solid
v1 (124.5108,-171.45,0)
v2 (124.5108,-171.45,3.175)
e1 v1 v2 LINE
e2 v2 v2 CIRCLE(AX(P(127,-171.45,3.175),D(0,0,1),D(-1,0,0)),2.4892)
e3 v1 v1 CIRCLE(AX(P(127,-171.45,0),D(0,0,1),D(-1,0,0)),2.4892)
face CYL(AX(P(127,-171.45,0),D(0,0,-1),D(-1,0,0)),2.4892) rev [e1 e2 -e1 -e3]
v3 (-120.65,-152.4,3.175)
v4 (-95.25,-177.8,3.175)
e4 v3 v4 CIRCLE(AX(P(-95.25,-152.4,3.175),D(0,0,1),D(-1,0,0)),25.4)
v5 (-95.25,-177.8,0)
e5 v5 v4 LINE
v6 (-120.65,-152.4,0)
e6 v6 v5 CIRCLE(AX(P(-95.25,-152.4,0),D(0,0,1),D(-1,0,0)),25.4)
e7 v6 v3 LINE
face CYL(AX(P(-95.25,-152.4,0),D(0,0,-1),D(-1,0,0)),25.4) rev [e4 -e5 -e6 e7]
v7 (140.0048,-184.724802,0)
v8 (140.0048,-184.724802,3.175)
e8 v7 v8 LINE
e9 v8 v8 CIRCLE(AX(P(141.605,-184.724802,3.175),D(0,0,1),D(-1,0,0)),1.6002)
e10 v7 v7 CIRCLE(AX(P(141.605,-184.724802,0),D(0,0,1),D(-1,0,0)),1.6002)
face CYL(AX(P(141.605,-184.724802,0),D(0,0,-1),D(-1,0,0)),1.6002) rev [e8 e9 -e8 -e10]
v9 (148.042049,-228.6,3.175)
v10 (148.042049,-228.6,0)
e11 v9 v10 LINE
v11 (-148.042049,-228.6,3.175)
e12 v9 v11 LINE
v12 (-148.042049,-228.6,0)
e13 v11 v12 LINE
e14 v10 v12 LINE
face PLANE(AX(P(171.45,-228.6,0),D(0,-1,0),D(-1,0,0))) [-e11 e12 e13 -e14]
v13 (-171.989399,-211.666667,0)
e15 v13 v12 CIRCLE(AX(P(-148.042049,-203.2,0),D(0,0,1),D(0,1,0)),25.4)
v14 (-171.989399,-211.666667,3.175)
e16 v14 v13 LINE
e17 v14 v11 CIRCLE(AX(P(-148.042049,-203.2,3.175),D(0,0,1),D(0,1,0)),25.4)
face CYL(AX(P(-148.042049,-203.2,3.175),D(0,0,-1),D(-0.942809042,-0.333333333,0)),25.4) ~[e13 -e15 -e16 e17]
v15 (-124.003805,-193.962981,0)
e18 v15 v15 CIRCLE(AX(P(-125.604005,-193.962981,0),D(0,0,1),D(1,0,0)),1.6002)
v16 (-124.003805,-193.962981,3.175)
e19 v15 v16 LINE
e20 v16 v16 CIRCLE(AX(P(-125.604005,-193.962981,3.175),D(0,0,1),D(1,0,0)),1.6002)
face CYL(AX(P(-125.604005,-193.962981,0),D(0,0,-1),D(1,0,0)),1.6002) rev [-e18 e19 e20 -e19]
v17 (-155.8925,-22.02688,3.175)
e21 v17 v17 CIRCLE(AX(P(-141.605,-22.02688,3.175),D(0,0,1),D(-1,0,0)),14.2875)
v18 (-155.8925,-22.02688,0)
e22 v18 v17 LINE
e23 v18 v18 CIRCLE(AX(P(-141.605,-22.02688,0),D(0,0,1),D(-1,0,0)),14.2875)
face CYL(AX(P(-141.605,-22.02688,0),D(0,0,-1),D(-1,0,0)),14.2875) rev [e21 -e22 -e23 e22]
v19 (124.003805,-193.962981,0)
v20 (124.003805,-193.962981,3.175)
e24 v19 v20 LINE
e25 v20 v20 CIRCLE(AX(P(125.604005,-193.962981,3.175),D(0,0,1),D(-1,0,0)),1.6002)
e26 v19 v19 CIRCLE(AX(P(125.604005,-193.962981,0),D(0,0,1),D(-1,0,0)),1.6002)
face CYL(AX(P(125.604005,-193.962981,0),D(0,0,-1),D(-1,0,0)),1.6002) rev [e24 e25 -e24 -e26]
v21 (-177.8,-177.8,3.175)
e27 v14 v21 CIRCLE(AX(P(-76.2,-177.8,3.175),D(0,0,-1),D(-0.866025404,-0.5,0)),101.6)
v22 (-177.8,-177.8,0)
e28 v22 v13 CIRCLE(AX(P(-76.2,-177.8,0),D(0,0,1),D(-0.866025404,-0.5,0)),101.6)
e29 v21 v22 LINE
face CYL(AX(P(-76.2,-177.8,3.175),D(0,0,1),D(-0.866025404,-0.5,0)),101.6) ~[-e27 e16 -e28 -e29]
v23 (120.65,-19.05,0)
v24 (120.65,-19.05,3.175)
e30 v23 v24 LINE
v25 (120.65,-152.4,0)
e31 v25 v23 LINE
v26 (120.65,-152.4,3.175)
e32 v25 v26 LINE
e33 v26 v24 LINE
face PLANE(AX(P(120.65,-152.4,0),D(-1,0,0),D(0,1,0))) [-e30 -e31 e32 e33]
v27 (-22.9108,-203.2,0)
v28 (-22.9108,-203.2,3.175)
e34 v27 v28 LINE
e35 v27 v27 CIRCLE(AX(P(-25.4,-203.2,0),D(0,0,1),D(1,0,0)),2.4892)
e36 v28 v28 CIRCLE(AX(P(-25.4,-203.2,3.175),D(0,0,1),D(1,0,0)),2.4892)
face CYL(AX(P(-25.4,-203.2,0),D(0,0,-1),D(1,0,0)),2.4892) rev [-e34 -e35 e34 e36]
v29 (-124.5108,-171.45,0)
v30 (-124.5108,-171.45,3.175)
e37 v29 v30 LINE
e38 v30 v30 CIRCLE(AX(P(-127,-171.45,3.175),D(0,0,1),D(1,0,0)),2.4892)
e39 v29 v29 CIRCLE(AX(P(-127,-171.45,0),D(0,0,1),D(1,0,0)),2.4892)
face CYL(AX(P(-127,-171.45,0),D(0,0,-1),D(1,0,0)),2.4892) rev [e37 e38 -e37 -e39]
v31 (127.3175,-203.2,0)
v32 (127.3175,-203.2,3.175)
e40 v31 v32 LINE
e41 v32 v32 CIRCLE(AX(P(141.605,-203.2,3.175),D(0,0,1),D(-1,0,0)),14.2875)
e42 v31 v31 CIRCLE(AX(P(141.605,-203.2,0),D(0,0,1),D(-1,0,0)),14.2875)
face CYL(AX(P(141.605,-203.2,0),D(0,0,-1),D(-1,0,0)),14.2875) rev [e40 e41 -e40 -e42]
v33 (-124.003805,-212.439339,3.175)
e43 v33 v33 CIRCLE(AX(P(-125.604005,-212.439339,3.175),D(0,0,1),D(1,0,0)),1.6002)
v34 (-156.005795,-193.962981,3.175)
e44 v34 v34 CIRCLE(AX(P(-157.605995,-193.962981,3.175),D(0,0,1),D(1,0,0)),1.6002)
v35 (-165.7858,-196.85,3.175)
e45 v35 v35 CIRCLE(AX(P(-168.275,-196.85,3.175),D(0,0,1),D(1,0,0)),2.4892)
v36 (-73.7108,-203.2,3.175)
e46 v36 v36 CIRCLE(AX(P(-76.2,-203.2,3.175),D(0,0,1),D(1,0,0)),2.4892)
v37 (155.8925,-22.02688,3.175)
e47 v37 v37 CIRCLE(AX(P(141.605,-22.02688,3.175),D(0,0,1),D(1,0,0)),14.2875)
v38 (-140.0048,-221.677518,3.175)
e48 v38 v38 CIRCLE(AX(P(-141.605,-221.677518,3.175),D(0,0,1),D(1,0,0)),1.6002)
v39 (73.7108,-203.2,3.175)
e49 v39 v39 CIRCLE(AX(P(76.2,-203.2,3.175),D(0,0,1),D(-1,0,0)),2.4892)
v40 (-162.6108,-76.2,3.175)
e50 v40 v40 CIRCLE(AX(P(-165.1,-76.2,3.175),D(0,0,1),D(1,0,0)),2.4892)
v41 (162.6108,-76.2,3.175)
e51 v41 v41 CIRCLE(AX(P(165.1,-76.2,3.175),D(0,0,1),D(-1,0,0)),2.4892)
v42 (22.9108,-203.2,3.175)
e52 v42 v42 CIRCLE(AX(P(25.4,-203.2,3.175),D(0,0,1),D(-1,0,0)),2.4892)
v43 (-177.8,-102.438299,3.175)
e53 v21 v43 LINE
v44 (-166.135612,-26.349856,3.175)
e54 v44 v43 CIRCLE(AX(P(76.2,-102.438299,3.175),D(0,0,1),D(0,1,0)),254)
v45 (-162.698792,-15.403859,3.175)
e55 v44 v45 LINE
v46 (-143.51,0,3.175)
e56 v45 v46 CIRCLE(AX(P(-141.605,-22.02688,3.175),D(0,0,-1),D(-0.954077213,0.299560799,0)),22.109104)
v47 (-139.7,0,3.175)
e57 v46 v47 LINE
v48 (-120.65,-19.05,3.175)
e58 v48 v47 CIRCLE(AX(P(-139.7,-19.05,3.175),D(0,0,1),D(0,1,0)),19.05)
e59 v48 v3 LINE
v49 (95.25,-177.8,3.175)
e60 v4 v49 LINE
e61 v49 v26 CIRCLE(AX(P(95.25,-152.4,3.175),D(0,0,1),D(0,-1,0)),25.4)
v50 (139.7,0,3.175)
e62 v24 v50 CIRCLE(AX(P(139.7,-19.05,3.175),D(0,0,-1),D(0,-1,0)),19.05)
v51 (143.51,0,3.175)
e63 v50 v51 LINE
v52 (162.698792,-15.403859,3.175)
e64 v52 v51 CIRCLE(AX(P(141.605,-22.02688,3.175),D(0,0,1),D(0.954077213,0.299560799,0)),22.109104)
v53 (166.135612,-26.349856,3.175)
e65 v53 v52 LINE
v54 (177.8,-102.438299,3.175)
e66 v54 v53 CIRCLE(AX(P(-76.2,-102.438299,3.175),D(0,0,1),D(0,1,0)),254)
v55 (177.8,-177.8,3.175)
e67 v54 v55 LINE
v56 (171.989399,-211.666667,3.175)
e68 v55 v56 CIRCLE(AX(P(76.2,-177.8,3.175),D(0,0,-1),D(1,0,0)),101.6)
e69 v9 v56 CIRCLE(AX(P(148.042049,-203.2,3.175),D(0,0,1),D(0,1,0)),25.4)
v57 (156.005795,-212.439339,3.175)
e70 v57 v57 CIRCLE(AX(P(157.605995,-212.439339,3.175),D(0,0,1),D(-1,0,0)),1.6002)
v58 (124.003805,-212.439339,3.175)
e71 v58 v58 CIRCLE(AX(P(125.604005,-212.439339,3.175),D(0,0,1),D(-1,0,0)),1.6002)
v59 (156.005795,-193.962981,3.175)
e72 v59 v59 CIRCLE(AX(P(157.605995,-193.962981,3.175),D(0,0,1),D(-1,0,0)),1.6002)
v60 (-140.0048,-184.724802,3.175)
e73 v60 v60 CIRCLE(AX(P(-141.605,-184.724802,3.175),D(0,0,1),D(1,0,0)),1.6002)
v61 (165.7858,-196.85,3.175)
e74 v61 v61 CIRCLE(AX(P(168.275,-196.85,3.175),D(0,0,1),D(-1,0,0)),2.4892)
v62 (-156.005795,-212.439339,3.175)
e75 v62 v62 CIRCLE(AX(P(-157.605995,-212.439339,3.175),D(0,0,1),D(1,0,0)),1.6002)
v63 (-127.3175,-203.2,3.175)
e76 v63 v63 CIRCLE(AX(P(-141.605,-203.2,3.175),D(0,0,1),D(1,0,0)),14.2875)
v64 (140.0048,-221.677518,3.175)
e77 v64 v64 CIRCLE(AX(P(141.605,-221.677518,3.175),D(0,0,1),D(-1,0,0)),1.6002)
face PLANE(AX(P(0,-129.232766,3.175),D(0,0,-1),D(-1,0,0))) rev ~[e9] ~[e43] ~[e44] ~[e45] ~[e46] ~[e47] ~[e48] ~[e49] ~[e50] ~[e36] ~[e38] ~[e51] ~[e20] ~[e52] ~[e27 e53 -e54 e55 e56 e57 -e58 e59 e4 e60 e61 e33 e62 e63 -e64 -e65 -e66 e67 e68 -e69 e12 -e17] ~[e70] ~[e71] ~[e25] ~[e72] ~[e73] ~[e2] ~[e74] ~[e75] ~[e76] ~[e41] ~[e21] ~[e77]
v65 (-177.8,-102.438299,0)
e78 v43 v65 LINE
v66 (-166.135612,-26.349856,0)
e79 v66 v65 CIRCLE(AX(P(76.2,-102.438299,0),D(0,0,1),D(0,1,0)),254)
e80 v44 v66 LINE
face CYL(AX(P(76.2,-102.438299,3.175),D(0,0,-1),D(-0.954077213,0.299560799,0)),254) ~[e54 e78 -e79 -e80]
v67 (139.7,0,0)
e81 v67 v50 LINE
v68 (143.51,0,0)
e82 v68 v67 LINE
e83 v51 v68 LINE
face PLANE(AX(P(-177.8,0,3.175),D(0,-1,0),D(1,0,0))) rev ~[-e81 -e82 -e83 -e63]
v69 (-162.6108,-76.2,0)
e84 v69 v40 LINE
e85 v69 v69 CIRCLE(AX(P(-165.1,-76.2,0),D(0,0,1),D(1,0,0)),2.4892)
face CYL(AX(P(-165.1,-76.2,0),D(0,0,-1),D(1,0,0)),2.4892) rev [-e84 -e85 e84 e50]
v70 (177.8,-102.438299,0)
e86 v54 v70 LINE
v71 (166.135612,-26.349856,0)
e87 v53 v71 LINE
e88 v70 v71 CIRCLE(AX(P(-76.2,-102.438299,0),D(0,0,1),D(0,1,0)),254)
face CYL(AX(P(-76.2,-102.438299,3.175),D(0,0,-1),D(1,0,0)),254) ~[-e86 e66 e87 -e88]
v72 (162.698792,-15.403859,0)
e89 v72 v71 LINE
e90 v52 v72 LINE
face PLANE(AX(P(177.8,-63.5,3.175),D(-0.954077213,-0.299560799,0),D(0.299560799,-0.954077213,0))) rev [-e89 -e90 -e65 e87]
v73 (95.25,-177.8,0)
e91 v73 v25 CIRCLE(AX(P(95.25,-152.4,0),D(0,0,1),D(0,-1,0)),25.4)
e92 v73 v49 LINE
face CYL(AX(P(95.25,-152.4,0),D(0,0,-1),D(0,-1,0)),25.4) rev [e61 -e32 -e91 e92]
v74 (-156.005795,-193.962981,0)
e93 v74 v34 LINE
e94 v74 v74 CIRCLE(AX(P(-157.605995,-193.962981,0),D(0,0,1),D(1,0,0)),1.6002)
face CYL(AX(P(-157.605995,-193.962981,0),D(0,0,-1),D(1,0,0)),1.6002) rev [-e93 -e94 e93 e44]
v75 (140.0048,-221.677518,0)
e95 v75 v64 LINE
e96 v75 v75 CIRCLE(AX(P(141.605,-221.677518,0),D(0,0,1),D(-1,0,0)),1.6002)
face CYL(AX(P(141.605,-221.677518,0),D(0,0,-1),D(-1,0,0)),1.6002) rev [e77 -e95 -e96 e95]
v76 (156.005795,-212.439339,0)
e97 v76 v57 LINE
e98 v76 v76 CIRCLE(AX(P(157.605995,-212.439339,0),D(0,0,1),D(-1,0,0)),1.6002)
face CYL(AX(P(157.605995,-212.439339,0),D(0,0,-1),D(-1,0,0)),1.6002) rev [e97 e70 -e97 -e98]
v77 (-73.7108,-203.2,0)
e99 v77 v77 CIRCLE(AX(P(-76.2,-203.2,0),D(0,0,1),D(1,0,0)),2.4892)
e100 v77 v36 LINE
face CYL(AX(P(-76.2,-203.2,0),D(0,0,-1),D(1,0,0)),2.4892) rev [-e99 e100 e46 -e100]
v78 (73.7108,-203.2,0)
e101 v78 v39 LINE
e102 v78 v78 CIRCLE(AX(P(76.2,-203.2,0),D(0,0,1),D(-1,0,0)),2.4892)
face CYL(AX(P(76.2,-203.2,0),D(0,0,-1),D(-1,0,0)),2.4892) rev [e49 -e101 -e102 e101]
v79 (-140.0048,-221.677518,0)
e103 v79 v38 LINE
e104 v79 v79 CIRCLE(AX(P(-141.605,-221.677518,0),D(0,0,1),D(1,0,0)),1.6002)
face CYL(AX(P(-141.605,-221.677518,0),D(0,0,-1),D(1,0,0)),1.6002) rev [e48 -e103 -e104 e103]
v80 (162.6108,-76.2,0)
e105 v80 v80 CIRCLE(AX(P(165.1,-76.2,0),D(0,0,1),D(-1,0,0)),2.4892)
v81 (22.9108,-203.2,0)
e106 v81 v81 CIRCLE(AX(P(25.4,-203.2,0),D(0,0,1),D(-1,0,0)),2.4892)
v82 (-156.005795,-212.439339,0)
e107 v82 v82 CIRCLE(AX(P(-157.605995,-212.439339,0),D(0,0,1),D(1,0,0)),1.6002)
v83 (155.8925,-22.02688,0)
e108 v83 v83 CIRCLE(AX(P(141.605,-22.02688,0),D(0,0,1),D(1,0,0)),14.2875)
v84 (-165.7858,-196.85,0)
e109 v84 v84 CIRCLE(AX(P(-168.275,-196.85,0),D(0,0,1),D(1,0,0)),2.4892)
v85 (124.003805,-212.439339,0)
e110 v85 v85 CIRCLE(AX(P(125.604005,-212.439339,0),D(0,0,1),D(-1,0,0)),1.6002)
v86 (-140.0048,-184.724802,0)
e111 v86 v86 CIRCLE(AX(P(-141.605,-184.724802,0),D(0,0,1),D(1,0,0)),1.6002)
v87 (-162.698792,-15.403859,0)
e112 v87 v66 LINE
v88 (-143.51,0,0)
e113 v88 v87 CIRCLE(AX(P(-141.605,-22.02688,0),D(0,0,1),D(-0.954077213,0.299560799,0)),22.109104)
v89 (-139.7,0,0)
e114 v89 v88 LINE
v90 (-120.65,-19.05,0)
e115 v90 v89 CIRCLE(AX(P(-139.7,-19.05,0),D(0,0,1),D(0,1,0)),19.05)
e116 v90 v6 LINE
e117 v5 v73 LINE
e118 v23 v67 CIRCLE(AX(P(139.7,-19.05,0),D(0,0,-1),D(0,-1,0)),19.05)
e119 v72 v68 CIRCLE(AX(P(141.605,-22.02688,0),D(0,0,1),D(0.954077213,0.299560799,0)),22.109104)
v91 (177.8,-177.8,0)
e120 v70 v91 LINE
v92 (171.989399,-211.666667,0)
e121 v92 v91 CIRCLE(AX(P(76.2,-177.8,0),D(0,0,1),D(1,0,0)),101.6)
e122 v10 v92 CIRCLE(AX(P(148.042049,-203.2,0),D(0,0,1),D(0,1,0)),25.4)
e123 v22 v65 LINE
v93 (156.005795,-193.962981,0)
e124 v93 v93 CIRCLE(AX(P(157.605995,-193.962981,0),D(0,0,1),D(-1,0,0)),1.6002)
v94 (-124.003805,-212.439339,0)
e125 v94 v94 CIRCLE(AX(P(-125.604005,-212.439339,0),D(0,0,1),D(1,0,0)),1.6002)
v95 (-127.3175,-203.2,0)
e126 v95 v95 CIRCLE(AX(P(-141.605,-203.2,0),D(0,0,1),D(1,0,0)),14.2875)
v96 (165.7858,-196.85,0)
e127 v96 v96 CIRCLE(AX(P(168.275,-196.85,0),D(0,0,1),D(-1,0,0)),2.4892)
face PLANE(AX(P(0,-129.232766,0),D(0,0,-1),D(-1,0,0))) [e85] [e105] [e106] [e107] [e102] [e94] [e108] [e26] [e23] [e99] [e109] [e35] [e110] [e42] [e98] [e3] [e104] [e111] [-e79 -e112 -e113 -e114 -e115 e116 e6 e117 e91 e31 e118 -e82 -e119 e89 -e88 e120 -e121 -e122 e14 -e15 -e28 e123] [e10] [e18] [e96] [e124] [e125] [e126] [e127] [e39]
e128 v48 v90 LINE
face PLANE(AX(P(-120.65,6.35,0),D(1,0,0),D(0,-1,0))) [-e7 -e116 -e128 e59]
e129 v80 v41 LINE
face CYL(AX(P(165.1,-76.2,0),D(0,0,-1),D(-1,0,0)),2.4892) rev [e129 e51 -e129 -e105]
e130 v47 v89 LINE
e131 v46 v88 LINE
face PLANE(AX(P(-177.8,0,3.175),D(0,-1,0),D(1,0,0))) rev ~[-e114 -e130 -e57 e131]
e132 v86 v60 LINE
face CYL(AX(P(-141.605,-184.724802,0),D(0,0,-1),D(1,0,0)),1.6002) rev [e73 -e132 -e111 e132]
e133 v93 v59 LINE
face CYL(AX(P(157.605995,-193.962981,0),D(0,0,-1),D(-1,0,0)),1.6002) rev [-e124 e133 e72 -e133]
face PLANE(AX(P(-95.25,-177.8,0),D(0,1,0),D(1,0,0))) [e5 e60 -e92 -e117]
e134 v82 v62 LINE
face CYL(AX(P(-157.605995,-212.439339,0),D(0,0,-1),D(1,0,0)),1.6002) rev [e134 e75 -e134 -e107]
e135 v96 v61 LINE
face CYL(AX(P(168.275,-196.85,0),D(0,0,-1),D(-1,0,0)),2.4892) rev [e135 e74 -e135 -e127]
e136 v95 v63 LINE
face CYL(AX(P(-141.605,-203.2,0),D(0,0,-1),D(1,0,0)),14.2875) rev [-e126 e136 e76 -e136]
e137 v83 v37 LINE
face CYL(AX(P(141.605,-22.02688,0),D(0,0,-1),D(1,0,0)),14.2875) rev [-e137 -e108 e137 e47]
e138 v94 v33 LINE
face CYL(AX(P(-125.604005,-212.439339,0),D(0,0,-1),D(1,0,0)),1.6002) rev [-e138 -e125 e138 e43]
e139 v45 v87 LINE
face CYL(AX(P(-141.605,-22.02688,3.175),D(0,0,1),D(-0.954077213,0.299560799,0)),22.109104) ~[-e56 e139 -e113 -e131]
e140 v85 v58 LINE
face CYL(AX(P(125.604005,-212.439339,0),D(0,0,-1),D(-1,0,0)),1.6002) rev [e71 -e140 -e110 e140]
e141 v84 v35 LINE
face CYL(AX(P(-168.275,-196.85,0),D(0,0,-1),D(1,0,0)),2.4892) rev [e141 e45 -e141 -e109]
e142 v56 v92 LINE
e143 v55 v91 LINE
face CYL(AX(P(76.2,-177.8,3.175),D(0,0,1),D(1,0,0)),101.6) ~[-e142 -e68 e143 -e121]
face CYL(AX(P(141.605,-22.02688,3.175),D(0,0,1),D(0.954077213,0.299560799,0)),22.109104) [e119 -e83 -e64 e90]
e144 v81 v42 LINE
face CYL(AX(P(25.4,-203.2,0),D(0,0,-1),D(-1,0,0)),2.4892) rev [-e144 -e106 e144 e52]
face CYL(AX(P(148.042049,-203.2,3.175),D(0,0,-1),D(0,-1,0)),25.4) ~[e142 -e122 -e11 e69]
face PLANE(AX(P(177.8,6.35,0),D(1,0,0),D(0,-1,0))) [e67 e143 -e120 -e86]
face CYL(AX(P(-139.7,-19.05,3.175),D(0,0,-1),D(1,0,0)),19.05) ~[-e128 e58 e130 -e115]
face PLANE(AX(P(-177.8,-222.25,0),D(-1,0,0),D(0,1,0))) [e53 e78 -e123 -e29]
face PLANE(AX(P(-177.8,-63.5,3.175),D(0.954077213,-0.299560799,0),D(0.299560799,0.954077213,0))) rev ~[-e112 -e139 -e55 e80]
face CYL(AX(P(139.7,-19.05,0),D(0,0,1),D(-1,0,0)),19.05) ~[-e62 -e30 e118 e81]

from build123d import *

# Parameters (mm, degrees)
SKETCH1_R           = 14.2875
SKETCH1_R_2         = 1.6002
SKETCH1_R_3         = 2.4892
BOSS_EXTRUDE3_DEPTH = 3.175
SKETCH2_W           = 355.6
SKETCH2_H           = 19.05
CUT_EXTRUDE1_DEPTH  = 290.621961572
FILLET1_R           = 19.05
CUT_EXTRUDE2_DEPTH  = 290.621961572
FILLET2_R           = 254
FILLET3_R           = 254
CUT_EXTRUDE3_DEPTH  = 290.621961572
FILLET4_R           = 25.4


with BuildPart() as part:
    # Sketch1 → Boss-Extrude3 (new body)
    with BuildSketch(Plane.XY):
        with BuildLine():
            Line((120.65, -152.4), (120.65, -6.35))
            Line((120.65, -6.35), (120.65, 6.35))
            ThreePointArc((120.65, 6.35), (124.369743879, 15.330256121), (133.35, 19.05))
            Line((133.35, 19.05), (165.1, 19.05))
            ThreePointArc((165.1, 19.05), (174.080256121, 15.330256121), (177.8, 6.35))
            Line((177.8, 6.35), (177.8, -6.35))
            Line((177.8, -6.35), (177.8, -222.25))
            ThreePointArc((177.8, -222.25), (175.940128061, -226.740128061), (171.45, -228.6))
            Line((171.45, -228.6), (12.7, -228.6))
            Line((12.7, -228.6), (-12.7, -228.6))
            Line((-12.7, -228.6), (-171.45, -228.6))
            ThreePointArc((-171.45, -228.6), (-175.940128061, -226.740128061), (-177.8, -222.25))
            Line((-177.8, -222.25), (-177.8, -6.35))
            Line((-177.8, -6.35), (-177.8, 6.35))
            ThreePointArc((-177.8, 6.35), (-174.080256121, 15.330256121), (-165.1, 19.05))
            Line((-165.1, 19.05), (-133.35, 19.05))
            ThreePointArc((-133.35, 19.05), (-124.369743879, 15.330256121), (-120.65, 6.35))
            Line((-120.65, 6.35), (-120.65, -6.35))
            Line((-120.65, -6.35), (-120.65, -152.4))
            ThreePointArc((-120.65, -152.4), (-113.210512242, -170.360512242), (-95.25, -177.8))
            Line((-95.25, -177.8), (-12.7, -177.8))
            Line((-12.7, -177.8), (12.7, -177.8))
            Line((12.7, -177.8), (95.25, -177.8))
            ThreePointArc((95.25, -177.8), (113.210512242, -170.360512242), (120.65, -152.4))
        make_face()
        with Locations((141.605, -22.02688)):
            Circle(SKETCH1_R, mode=Mode.SUBTRACT)
        with Locations(Location((-141.605, -22.02688, 0), (0, 0, 180))):
            Circle(SKETCH1_R, mode=Mode.SUBTRACT)
        with Locations((-141.605, -203.2)):
            Circle(SKETCH1_R, mode=Mode.SUBTRACT)
        with Locations((-141.605, -184.724802)):
            Circle(SKETCH1_R_2, mode=Mode.SUBTRACT)
        with Locations((-125.604004596, -193.962981004)):
            Circle(SKETCH1_R_2, mode=Mode.SUBTRACT)
        with Locations((-125.604004596, -212.439339011)):
            Circle(SKETCH1_R_2, mode=Mode.SUBTRACT)
        with Locations((-141.605, -221.677518015)):
            Circle(SKETCH1_R_2, mode=Mode.SUBTRACT)
        with Locations((-157.605995404, -212.439339011)):
            Circle(SKETCH1_R_2, mode=Mode.SUBTRACT)
        with Locations((-157.605995404, -193.962981004)):
            Circle(SKETCH1_R_2, mode=Mode.SUBTRACT)
        with Locations(Location((157.605995404, -212.439339011, 0), (0, 0, 180))):
            Circle(SKETCH1_R_2, mode=Mode.SUBTRACT)
        with Locations(Location((157.605995404, -193.962981004, 0), (0, 0, 180))):
            Circle(SKETCH1_R_2, mode=Mode.SUBTRACT)
        with Locations(Location((141.605, -184.724802, 0), (0, 0, 180))):
            Circle(SKETCH1_R_2, mode=Mode.SUBTRACT)
        with Locations(Location((125.604004596, -193.962981004, 0), (0, 0, 180))):
            Circle(SKETCH1_R_2, mode=Mode.SUBTRACT)
        with Locations(Location((125.604004596, -212.439339011, 0), (0, 0, 180))):
            Circle(SKETCH1_R_2, mode=Mode.SUBTRACT)
        with Locations(Location((141.605, -221.677518015, 0), (0, 0, 180))):
            Circle(SKETCH1_R_2, mode=Mode.SUBTRACT)
        with Locations(Location((141.605, -203.2, 0), (0, 0, 180))):
            Circle(SKETCH1_R, mode=Mode.SUBTRACT)
        with Locations((-76.2, -203.2)):
            Circle(SKETCH1_R_3, mode=Mode.SUBTRACT)
        with Locations(Location((76.2, -203.2, 0), (0, 0, 180))):
            Circle(SKETCH1_R_3, mode=Mode.SUBTRACT)
        with Locations((-25.4, -203.2)):
            Circle(SKETCH1_R_3, mode=Mode.SUBTRACT)
        with Locations((-127, -171.45)):
            Circle(SKETCH1_R_3, mode=Mode.SUBTRACT)
        with Locations((-149.225, 6.35)):
            Circle(SKETCH1_R_3, mode=Mode.SUBTRACT)
        with Locations(Location((127, -171.45, 0), (0, 0, 180))):
            Circle(SKETCH1_R_3, mode=Mode.SUBTRACT)
        with Locations(Location((149.225, 6.35, 0), (0, 0, 180))):
            Circle(SKETCH1_R_3, mode=Mode.SUBTRACT)
        with Locations((-168.275, -196.85)):
            Circle(SKETCH1_R_3, mode=Mode.SUBTRACT)
        with Locations(Location((168.275, -196.85, 0), (0, 0, 180))):
            Circle(SKETCH1_R_3, mode=Mode.SUBTRACT)
        with Locations((-165.1, -76.2)):
            Circle(SKETCH1_R_3, mode=Mode.SUBTRACT)
        with Locations(Location((165.1, -76.2, 0), (0, 0, 180))):
            Circle(SKETCH1_R_3, mode=Mode.SUBTRACT)
        with Locations(Location((25.4, -203.2, 0), (0, 0, 180))):
            Circle(SKETCH1_R_3, mode=Mode.SUBTRACT)
    extrude(amount=BOSS_EXTRUDE3_DEPTH)

    # Sketch2 → Cut-Extrude1 (cut, through all)
    with BuildSketch(Plane.XY.offset(3.175)):
        with Locations((0, 9.525)):
            Rectangle(SKETCH2_W, SKETCH2_H)
    extrude(amount=-CUT_EXTRUDE1_DEPTH, mode=Mode.SUBTRACT)

    # Fillet1
    fillet1_edges = [part.edges().sort_by_distance(p)[0] for p in [
        (-177.8, 0, 1.5875),
        (120.65, 0, 1.5875),
        (177.8, 0, 1.5875),
        (-120.65, 0, 1.5875),
    ]]
    fillet(fillet1_edges, radius=FILLET1_R)

    # Sketch3 → Cut-Extrude2 (cut, through all)
    with BuildSketch(Plane.XY.offset(3.175)):
        with BuildLine():
            Line((-177.8, 0), (-177.8, -63.5))
            Line((-177.8, -63.5), (-162.698792053, -15.403859213))
            ThreePointArc((-162.698792053, -15.403859213), (-155.445369527, -4.785747819), (-143.51, 0))
            Line((-143.51, 0), (-177.8, 0))
        make_face()
    cut_extrude2 = extrude(amount=-CUT_EXTRUDE2_DEPTH, mode=Mode.SUBTRACT)

    # Mirror1: Cut-Extrude2 across plane
    add(cut_extrude2.mirror(Plane(origin=(0, 0, 0), x_dir=(0, 0, 1), z_dir=(1, 0, 0))), mode=Mode.SUBTRACT)

    # Fillet2
    fillet2_edges = [part.edges().sort_by_distance(p)[0] for p in [
        (-177.8, -63.5, 1.5875),
    ]]
    fillet(fillet2_edges, radius=FILLET2_R)

    # Fillet3
    fillet3_edges = [part.edges().sort_by_distance(p)[0] for p in [
        (177.8, -63.5, 1.5875),
    ]]
    fillet(fillet3_edges, radius=FILLET3_R)

    # Sketch4 → Cut-Extrude3 (cut, through all)
    with BuildSketch(Plane.XY.offset(3.175)):
        with BuildLine():
            ThreePointArc((-164.188181024, -228.6), (-174.338063951, -204.096014982), (-177.8, -177.8))
            Line((-177.8, -177.8), (-177.8, -222.25))
            ThreePointArc((-177.8, -222.25), (-175.940128061, -226.740128061), (-171.45, -228.6))
            Line((-171.45, -228.6), (-164.188181024, -228.6))
        make_face()
        with BuildLine():
            ThreePointArc((177.8, -177.8), (174.338063951, -204.096014982), (164.188181024, -228.6))
            Line((164.188181024, -228.6), (171.45, -228.6))
            ThreePointArc((171.45, -228.6), (175.940128061, -226.740128061), (177.8, -222.25))
            Line((177.8, -222.25), (177.8, -177.8))
        make_face()
    extrude(amount=-CUT_EXTRUDE3_DEPTH, mode=Mode.SUBTRACT)

    # Fillet4
    fillet4_edges = [part.edges().sort_by_distance(p)[0] for p in [
        (-164.188181024, -228.6, 1.5875),
        (164.188181024, -228.6, 1.5875),
    ]]
    fillet(fillet4_edges, radius=FILLET4_R)


solid = part.part
